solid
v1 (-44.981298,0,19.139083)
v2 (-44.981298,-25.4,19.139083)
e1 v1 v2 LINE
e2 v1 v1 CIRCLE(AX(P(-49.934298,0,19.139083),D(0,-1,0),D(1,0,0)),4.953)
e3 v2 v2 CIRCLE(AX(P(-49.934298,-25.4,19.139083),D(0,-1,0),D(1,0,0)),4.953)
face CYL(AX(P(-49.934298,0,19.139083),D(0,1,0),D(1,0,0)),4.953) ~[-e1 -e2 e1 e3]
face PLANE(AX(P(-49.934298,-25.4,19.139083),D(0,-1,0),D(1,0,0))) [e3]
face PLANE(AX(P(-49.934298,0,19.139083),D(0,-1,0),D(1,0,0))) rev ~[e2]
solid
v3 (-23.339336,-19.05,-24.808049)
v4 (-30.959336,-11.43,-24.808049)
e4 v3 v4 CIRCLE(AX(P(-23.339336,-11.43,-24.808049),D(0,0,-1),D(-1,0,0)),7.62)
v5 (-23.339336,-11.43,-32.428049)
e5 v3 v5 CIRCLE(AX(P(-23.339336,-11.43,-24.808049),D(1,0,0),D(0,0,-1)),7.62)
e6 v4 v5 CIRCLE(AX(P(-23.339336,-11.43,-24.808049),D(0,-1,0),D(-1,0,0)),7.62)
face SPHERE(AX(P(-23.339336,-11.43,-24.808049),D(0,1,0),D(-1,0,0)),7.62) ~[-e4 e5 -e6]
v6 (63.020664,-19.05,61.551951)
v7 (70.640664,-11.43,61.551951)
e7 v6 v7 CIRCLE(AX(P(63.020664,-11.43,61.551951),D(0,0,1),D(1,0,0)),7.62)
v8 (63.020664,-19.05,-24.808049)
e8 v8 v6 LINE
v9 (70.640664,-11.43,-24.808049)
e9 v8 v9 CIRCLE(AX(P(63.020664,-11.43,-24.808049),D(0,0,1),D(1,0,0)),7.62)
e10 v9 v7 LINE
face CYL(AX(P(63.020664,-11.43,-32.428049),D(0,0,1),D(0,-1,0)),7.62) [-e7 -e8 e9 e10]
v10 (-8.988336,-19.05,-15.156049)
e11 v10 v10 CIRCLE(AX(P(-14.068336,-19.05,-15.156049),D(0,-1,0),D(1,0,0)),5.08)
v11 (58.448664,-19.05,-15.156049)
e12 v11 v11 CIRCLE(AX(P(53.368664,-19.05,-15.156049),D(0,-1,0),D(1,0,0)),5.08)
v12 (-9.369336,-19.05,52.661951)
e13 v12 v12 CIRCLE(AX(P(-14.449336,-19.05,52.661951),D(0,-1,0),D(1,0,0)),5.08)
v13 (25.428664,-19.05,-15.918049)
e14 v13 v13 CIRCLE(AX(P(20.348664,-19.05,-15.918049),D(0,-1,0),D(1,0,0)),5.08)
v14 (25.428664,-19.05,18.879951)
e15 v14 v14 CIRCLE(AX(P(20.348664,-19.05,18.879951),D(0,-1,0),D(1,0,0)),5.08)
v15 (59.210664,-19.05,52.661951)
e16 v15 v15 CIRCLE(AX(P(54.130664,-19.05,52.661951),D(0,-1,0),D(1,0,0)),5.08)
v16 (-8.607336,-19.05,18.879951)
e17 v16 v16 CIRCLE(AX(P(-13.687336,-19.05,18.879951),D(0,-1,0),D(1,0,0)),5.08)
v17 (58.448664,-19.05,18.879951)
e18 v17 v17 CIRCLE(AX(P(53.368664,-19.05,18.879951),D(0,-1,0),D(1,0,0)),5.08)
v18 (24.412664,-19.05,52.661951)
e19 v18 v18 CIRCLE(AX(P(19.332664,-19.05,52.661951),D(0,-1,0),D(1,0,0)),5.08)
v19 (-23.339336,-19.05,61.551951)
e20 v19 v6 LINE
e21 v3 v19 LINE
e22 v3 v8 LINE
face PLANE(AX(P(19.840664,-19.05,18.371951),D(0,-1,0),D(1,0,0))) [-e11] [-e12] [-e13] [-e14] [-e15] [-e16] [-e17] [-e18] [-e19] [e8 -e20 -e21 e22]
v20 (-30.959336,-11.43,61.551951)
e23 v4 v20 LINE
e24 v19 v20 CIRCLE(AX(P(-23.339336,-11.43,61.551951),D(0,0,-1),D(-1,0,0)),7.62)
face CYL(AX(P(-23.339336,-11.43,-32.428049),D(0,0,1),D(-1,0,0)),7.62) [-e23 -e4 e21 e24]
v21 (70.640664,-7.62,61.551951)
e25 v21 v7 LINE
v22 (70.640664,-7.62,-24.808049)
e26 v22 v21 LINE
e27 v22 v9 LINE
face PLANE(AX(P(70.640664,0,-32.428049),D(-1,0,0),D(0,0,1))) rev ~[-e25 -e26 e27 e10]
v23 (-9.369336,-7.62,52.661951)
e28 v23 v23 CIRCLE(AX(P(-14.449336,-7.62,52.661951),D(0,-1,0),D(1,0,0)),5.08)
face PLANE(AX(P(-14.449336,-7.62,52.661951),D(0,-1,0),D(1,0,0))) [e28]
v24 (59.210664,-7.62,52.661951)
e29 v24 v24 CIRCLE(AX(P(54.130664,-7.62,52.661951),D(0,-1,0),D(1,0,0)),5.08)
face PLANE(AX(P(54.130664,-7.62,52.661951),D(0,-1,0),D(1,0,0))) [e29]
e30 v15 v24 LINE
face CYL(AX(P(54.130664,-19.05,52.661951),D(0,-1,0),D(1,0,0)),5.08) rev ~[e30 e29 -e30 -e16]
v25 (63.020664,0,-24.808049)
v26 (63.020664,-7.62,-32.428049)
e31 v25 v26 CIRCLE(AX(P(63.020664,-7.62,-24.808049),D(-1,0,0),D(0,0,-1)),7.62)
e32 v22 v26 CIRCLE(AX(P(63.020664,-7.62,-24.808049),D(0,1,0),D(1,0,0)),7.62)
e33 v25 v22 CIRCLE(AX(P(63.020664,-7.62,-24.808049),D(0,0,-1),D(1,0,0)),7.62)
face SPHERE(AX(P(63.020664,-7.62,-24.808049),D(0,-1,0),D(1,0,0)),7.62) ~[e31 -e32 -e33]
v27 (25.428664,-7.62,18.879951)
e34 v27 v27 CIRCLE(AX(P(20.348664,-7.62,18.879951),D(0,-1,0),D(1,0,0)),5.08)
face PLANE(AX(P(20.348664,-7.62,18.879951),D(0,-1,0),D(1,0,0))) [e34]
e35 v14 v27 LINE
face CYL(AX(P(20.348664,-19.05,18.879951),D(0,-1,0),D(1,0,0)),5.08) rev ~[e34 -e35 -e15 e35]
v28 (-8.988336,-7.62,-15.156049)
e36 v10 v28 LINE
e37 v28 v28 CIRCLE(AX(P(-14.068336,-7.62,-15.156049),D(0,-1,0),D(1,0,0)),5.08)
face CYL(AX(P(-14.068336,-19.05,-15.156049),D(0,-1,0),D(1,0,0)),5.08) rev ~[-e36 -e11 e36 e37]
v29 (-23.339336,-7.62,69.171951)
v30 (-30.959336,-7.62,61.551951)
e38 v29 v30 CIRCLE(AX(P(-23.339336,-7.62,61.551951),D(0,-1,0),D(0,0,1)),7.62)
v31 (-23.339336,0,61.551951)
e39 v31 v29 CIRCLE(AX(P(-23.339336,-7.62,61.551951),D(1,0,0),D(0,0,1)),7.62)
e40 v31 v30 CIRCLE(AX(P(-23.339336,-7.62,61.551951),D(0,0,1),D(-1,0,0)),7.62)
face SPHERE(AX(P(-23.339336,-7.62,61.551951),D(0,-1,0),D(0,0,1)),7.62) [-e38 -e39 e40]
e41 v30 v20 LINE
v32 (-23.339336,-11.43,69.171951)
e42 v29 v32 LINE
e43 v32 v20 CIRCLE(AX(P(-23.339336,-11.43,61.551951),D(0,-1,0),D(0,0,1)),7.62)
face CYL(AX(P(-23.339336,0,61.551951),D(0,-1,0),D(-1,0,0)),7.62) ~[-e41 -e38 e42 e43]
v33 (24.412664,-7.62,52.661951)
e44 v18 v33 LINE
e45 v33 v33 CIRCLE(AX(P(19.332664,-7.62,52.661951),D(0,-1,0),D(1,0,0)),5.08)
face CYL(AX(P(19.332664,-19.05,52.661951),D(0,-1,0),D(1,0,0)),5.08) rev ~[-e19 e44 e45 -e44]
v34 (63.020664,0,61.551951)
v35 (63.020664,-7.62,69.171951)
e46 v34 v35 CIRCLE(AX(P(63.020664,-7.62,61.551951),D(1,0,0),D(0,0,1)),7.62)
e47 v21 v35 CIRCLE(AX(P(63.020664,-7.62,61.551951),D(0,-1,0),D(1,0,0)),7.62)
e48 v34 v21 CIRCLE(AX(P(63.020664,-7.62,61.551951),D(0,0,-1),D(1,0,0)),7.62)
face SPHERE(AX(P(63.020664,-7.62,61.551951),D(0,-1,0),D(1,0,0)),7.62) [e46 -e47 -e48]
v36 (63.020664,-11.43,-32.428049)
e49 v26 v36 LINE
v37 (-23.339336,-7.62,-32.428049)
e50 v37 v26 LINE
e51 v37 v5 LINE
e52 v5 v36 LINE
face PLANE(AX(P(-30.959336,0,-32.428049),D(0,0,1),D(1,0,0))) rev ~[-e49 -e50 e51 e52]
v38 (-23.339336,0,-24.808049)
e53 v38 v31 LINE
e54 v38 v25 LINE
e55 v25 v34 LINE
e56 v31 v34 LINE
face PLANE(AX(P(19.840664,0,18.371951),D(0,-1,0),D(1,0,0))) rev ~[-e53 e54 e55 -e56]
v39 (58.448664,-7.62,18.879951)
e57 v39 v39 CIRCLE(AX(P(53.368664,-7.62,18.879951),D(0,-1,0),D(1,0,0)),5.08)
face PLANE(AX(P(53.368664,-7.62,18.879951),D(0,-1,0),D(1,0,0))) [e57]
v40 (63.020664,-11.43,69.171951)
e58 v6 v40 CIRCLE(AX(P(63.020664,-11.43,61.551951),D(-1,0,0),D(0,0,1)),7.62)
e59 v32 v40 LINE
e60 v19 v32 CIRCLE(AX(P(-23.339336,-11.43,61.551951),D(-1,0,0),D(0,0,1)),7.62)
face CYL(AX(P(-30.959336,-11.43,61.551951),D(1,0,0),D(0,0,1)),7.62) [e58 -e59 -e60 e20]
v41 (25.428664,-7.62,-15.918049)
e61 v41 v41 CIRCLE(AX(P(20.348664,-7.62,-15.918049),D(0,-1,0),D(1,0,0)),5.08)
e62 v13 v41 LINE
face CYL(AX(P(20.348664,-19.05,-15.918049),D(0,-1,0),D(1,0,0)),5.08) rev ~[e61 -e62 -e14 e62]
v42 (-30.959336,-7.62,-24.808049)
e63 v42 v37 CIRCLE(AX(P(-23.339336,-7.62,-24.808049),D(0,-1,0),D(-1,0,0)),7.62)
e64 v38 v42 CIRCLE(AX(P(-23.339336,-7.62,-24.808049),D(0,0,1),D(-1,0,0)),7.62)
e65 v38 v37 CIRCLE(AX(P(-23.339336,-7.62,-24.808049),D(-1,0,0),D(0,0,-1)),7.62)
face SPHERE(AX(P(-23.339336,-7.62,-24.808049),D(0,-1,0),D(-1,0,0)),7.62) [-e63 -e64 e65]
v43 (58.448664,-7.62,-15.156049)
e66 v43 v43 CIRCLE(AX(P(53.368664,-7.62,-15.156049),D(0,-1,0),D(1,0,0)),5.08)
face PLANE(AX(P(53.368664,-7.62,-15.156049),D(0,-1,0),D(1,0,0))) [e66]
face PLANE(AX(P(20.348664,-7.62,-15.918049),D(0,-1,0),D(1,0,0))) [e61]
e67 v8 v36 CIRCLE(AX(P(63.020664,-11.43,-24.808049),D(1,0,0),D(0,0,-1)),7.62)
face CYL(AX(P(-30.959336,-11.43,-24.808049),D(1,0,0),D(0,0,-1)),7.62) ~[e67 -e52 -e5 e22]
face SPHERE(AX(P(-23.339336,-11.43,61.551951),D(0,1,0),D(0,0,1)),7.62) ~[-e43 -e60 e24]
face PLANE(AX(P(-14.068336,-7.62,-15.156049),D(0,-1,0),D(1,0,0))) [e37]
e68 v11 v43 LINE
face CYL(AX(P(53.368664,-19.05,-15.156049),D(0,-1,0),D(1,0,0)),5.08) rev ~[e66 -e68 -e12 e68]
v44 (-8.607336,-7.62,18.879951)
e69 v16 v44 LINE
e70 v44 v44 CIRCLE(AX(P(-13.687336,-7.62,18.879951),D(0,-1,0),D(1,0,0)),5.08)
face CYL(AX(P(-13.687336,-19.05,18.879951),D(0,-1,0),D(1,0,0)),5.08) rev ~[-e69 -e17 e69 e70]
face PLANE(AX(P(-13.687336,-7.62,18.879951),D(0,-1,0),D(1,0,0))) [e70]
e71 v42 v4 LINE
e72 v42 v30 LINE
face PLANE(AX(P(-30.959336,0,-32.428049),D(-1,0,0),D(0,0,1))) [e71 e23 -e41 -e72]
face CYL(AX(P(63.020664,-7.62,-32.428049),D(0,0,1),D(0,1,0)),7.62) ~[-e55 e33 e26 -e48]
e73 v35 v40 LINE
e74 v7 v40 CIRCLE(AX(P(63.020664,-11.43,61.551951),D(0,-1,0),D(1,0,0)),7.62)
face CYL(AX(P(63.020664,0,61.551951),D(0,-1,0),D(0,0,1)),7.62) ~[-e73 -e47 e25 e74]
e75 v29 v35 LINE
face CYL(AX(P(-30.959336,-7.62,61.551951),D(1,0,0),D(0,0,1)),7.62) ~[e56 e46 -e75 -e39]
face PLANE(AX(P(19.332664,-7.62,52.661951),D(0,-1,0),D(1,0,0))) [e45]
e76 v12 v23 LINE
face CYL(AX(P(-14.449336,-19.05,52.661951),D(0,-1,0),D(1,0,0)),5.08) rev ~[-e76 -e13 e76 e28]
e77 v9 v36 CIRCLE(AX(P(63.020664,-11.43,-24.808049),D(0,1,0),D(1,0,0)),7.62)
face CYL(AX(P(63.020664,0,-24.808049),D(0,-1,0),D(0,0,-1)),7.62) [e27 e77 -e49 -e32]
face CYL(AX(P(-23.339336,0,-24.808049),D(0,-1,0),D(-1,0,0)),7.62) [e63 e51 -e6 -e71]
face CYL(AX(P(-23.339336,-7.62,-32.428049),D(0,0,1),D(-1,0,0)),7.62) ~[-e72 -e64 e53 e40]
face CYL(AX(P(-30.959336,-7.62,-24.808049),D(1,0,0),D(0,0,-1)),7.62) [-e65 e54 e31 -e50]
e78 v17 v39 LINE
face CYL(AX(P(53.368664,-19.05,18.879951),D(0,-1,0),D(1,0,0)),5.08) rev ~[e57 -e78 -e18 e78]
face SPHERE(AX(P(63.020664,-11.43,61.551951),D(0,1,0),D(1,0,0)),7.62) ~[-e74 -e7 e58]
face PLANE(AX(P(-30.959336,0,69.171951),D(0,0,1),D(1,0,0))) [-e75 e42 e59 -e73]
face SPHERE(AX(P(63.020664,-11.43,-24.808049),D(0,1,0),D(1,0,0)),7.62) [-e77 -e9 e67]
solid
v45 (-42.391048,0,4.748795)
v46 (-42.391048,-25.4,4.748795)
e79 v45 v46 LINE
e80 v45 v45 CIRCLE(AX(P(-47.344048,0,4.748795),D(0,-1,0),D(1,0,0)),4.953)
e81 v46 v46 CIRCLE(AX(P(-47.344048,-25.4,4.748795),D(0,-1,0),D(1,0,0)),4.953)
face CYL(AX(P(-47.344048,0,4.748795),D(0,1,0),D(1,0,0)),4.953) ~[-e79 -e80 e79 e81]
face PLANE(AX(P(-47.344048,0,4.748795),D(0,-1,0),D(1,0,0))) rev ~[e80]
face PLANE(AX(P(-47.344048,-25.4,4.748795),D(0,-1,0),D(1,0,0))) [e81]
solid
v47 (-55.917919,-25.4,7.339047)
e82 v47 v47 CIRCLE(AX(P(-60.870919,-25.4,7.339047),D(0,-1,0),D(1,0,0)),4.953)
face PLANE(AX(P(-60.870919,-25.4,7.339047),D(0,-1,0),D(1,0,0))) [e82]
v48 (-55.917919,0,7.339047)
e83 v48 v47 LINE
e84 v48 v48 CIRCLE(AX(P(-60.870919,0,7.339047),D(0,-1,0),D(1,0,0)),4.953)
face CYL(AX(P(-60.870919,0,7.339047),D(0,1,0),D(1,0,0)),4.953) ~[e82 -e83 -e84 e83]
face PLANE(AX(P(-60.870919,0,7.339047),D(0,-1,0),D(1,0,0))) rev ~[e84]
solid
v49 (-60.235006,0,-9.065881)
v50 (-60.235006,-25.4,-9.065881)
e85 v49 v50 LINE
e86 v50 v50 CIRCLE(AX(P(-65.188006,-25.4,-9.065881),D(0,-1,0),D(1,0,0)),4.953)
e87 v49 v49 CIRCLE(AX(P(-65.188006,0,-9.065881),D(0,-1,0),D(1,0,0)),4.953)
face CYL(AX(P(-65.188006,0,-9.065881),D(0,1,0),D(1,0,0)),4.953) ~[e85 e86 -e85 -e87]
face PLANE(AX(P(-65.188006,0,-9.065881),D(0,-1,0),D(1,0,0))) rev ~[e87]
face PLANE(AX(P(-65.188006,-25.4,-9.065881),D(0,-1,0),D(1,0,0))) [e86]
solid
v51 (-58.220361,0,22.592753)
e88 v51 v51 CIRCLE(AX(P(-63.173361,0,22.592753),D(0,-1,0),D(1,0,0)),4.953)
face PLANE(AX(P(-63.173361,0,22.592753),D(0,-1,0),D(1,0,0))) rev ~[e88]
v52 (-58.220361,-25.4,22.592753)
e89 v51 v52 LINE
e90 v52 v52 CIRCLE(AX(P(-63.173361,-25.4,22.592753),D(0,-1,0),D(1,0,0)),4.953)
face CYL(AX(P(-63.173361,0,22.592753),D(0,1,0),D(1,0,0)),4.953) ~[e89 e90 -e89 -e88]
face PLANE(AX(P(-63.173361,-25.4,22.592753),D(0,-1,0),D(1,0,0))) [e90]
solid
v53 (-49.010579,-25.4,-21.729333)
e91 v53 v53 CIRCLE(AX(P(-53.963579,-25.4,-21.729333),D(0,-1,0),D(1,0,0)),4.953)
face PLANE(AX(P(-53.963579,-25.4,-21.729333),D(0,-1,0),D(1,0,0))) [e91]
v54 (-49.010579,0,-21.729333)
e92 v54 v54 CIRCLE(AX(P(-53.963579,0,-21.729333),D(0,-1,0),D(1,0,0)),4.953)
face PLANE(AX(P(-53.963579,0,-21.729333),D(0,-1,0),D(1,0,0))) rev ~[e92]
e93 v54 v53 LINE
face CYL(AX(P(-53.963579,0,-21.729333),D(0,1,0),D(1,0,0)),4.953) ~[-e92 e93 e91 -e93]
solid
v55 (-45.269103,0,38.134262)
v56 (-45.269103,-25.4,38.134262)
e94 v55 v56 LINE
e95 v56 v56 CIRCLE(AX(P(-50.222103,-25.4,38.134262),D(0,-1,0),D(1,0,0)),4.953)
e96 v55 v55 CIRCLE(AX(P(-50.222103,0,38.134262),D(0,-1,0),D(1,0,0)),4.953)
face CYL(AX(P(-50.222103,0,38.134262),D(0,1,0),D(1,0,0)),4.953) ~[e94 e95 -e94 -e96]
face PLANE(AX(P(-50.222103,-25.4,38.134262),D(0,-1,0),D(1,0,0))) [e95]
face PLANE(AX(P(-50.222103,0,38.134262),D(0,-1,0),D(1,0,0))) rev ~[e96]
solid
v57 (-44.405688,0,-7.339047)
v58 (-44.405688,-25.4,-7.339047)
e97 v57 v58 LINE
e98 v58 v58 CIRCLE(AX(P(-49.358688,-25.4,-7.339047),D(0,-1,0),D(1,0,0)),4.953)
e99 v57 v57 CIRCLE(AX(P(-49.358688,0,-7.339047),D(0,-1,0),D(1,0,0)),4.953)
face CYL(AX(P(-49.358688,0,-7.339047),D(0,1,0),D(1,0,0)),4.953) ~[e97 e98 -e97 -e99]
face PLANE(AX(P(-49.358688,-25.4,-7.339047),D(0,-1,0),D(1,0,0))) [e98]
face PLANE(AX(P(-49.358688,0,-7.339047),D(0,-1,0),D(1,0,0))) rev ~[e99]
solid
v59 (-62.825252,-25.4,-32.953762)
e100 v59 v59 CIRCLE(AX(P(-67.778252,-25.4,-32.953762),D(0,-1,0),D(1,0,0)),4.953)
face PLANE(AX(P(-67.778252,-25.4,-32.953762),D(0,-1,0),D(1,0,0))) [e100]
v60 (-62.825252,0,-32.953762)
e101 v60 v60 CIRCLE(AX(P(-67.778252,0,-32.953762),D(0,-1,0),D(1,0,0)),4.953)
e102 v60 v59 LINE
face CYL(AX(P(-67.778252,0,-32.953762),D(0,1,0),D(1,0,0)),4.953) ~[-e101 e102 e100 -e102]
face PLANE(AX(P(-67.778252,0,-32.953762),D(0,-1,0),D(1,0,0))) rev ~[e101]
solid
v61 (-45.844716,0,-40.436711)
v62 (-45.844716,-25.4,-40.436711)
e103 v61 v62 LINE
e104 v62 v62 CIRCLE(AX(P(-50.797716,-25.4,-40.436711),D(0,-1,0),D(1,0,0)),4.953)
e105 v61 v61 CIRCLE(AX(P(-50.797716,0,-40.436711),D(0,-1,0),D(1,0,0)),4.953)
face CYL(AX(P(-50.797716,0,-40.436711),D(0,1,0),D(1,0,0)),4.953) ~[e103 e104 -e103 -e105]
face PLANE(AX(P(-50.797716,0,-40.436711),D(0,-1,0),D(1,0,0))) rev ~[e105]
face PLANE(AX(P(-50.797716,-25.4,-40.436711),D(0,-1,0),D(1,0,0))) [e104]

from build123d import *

# Parameters (mm, degrees)
F0_W     = 101.6
F0_H     = 101.6
F1_DEPTH = 19.05
F2_R     = 5.08
F3_DEPTH = 11.43
F4_R     = 4.953
F5_DEPTH = 25.4
F6_R     = 7.62


with BuildPart() as f1:
    # F0 (on Front) → F1 (new body)
    with BuildSketch(Plane.XZ):
        with Locations((19.840664, 18.371951)):
            Rectangle(F0_W, F0_H)
    extrude(amount=F1_DEPTH)

    # F2 (on face) → F3 (cut)
    with BuildSketch(Plane.XZ.offset(19.05)):
        with Locations((-14.449336, 52.661951)):
            Circle(F2_R)
        with Locations((19.332664, 52.661951)):
            Circle(F2_R)
        with Locations((54.130664, 52.661951)):
            Circle(F2_R)
        with Locations((53.368664, 18.879951)):
            Circle(F2_R)
        with Locations((20.348664, 18.879951)):
            Circle(F2_R)
        with Locations((-13.687336, 18.879951)):
            Circle(F2_R)
        with Locations((-14.068336, -15.156049)):
            Circle(F2_R)
        with Locations((20.348664, -15.918049)):
            Circle(F2_R)
        with Locations((53.368664, -15.156049)):
            Circle(F2_R)
    extrude(amount=-F3_DEPTH, mode=Mode.SUBTRACT)

    # F6
    f6_edges = [f1.edges().sort_by_distance(p)[0] for p in [
        (70.640664, -9.525, -32.428049),
        (70.640664, -9.525, 69.171951),
        (70.640664, 0, 18.371951),
        (70.640664, -19.05, 18.371951),
        (-30.959336, -9.525, 69.171951),
        (19.840664, 0, 69.171951),
        (19.840664, -19.05, 69.171951),
        (-30.959336, -9.525, -32.428049),
        (-30.959336, 0, 18.371951),
        (-30.959336, -19.05, 18.371951),
        (19.840664, 0, -32.428049),
        (19.840664, -19.05, -32.428049),
    ]]
    fillet(f6_edges, radius=F6_R)


with BuildPart() as f5:
    # F4 (on Front) → F5 (new body)
    with BuildSketch(Plane.XZ):
        with Locations((-50.222103, 38.134262)):
            Circle(F4_R)
        with Locations((-63.173361, 22.592753)):
            Circle(F4_R)
        with Locations((-60.870919, 7.339047)):
            Circle(F4_R)
        with Locations((-49.934298, 19.139083)):
            Circle(F4_R)
        with Locations((-47.344048, 4.748795)):
            Circle(F4_R)
        with Locations((-65.188006, -9.065881)):
            Circle(F4_R)
        with Locations((-49.358688, -7.339047)):
            Circle(F4_R)
        with Locations((-53.963579, -21.729333)):
            Circle(F4_R)
        with Locations((-50.797716, -40.436711)):
            Circle(F4_R)
        with Locations((-67.778252, -32.953762)):
            Circle(F4_R)
    extrude(amount=F5_DEPTH)


solid = Compound([f1.part, f5.part])
